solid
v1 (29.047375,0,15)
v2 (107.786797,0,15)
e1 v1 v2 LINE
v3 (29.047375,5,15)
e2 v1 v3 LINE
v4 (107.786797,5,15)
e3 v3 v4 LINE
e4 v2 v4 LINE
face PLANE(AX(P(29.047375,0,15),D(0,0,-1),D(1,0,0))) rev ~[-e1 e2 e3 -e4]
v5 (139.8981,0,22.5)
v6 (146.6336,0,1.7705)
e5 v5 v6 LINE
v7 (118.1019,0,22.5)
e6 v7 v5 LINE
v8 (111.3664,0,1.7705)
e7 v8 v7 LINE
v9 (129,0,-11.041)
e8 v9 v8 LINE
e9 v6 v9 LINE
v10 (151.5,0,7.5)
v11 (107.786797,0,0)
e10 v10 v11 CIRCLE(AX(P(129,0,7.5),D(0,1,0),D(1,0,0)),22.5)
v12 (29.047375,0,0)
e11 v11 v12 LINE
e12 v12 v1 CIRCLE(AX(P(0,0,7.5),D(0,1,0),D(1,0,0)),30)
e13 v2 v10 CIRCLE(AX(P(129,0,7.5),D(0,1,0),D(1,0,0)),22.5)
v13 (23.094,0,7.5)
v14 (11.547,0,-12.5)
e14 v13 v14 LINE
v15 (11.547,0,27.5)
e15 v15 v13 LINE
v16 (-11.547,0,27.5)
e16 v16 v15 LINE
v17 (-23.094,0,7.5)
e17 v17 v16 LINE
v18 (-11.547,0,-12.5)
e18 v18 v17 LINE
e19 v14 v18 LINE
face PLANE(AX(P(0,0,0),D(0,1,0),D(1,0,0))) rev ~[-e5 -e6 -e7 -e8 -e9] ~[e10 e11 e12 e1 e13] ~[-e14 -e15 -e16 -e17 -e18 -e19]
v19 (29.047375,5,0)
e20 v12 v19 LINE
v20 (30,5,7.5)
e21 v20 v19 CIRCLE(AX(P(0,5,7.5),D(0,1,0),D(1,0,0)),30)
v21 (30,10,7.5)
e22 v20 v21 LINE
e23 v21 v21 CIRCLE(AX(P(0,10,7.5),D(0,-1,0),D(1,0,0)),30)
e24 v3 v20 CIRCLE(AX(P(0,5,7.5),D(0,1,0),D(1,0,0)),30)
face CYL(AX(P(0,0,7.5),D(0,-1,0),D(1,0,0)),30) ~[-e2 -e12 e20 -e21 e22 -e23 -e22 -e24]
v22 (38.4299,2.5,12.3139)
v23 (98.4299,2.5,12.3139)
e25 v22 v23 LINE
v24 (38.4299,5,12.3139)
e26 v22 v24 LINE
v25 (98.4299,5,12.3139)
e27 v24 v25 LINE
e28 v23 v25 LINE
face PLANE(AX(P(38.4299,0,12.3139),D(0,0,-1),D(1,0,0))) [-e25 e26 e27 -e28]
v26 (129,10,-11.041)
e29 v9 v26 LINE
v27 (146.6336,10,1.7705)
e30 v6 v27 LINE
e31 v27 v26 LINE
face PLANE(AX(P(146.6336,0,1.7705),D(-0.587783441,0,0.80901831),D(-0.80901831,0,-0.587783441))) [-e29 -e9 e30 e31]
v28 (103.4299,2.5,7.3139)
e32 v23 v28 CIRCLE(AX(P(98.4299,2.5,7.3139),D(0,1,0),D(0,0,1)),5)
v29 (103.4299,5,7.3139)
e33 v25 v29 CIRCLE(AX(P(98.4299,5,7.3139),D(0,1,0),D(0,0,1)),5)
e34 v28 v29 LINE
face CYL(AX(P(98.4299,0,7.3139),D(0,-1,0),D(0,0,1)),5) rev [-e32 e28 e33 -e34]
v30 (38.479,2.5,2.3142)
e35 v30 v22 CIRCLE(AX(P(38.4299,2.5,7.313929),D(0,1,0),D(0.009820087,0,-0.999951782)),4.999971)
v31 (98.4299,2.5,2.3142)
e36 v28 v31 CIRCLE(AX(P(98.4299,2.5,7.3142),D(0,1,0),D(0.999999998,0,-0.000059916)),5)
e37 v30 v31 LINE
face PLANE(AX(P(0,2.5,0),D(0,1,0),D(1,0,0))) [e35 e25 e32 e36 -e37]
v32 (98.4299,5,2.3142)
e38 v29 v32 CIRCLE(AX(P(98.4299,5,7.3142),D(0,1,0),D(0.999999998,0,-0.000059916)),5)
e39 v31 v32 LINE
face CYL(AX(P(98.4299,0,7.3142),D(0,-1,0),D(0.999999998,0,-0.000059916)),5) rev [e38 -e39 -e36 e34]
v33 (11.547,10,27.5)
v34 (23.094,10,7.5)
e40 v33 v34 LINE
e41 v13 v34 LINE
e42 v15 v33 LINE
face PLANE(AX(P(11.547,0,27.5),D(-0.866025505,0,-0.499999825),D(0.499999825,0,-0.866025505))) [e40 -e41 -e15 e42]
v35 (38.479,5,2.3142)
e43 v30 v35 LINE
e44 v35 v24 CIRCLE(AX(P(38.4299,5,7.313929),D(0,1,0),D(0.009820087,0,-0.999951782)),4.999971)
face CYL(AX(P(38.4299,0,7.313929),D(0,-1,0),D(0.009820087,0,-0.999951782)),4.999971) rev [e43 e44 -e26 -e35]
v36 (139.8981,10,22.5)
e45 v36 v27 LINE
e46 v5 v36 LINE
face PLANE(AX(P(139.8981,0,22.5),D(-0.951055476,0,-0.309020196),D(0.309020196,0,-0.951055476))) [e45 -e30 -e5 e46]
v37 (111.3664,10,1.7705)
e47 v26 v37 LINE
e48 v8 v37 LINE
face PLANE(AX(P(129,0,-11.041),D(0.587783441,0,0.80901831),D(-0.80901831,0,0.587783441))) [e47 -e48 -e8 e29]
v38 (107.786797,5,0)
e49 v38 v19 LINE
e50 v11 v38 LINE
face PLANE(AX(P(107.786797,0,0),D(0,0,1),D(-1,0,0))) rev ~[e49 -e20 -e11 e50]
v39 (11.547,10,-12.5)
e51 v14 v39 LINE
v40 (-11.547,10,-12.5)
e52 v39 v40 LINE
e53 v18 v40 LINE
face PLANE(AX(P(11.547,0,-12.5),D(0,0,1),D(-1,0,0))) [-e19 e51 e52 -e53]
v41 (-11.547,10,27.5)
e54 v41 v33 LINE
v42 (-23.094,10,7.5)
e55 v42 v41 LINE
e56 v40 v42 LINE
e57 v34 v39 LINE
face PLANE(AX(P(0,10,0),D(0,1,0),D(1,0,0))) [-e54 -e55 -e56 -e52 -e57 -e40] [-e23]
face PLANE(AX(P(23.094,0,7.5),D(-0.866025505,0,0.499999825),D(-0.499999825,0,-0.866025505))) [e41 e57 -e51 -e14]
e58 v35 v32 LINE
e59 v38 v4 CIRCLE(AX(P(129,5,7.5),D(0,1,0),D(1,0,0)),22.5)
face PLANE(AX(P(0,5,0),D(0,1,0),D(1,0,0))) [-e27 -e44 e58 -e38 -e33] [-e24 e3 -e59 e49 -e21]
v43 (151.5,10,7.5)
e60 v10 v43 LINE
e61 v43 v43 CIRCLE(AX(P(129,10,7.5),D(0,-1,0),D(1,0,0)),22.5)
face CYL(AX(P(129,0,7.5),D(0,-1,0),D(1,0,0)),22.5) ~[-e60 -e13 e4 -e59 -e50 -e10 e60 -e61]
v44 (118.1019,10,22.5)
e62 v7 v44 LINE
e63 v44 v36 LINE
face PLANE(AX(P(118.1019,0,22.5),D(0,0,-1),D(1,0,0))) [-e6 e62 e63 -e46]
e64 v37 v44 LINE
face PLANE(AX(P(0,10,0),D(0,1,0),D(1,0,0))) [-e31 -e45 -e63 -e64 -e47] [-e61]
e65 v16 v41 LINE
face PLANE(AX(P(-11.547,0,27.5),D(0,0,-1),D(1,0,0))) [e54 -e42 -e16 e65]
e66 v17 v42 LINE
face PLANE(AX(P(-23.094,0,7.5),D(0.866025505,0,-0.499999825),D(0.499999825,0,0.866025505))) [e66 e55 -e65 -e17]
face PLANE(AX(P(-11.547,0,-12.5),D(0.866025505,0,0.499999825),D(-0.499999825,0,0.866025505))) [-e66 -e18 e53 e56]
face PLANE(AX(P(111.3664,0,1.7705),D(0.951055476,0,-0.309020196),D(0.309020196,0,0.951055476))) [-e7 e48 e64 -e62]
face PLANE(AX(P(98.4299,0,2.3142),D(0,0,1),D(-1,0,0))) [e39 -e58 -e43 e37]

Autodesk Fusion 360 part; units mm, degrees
sketch "Sketch1" plane through (0, 0, 0) normal (0, 1, 0) x (1, 0, 0)
  line L0 (139.8981, -22.5) -> (146.6336, -1.7705)
  line L1 (146.6336, -1.7705) -> (129, 11.041)
  line L2 (129, 11.041) -> (111.3664, -1.7705)
  line L3 (111.3664, -1.7705) -> (118.1019, -22.5)
  line L4 (118.1019, -22.5) -> (139.8981, -22.5)
  line L5 (11.547, -27.5) -> (23.094, -7.5)
  line L6 (23.094, -7.5) -> (11.547, 12.5)
  line L7 (11.547, 12.5) -> (-11.547, 12.5)
  line L8 (-11.547, 12.5) -> (-23.094, -7.5)
  line L9 (-23.094, -7.5) -> (-11.547, -27.5)
  line L10 (-11.547, -27.5) -> (11.547, -27.5)
  circle A0 centre (0, -7.5) radius 30
  circle A1 centre (129, -7.5) radius 22.5
  line L11 (38.4299, -12.3139) -> (98.4299, -12.3139)
  line L12 (103.4299, -7.3139) -> (103.4299, -7.3123)
  line L13 (98.4299, -2.3142) -> (38.479, -2.3142)
  line L14 (38.7, -2.3142) -> (38.479, -2.3142)
  arc A2 (38.479, -2.3142) -> (38.4299, -12.3139) centre (38.4299, -7.3139) ccw
  arc A3 (103.4299, -7.3123) -> (98.4299, -2.3142) centre (98.4299, -7.3142) ccw
  arc A4 (98.4299, -12.3139) -> (103.4299, -7.3139) centre (98.4299, -7.3139) ccw
  line L15 (28.6408, -15) -> (109.0777, -15)
  line L16 (109.0777, 0) -> (28.6408, 0)
  point P0 (0, -7.5)
  point P1 (129, -7.5)
  point P2 (103.4299, -12.3139)
  dimension "d2" = 20
  dimension "d3" = 60
  dimension "d4" = 45
  dimension "d7" = 5
extrude "Extrude1" add sketch "Sketch1" along normal blind 10 contours A0 | A1 makes body 1 at (-13.6863, 6.6667, 34.1962) makes body 2 at (151.3882, 3.3333, 9.7403)
extrude "Extrude2" add sketch "Sketch1" along normal blind 5 contours A0 A1 L15 L16 bodies 1 2
extrude "Extrude3" add sketch "Sketch1" along normal blind 2.5 contours L11 L13 L14 A2 A3 A4 bodies 1
